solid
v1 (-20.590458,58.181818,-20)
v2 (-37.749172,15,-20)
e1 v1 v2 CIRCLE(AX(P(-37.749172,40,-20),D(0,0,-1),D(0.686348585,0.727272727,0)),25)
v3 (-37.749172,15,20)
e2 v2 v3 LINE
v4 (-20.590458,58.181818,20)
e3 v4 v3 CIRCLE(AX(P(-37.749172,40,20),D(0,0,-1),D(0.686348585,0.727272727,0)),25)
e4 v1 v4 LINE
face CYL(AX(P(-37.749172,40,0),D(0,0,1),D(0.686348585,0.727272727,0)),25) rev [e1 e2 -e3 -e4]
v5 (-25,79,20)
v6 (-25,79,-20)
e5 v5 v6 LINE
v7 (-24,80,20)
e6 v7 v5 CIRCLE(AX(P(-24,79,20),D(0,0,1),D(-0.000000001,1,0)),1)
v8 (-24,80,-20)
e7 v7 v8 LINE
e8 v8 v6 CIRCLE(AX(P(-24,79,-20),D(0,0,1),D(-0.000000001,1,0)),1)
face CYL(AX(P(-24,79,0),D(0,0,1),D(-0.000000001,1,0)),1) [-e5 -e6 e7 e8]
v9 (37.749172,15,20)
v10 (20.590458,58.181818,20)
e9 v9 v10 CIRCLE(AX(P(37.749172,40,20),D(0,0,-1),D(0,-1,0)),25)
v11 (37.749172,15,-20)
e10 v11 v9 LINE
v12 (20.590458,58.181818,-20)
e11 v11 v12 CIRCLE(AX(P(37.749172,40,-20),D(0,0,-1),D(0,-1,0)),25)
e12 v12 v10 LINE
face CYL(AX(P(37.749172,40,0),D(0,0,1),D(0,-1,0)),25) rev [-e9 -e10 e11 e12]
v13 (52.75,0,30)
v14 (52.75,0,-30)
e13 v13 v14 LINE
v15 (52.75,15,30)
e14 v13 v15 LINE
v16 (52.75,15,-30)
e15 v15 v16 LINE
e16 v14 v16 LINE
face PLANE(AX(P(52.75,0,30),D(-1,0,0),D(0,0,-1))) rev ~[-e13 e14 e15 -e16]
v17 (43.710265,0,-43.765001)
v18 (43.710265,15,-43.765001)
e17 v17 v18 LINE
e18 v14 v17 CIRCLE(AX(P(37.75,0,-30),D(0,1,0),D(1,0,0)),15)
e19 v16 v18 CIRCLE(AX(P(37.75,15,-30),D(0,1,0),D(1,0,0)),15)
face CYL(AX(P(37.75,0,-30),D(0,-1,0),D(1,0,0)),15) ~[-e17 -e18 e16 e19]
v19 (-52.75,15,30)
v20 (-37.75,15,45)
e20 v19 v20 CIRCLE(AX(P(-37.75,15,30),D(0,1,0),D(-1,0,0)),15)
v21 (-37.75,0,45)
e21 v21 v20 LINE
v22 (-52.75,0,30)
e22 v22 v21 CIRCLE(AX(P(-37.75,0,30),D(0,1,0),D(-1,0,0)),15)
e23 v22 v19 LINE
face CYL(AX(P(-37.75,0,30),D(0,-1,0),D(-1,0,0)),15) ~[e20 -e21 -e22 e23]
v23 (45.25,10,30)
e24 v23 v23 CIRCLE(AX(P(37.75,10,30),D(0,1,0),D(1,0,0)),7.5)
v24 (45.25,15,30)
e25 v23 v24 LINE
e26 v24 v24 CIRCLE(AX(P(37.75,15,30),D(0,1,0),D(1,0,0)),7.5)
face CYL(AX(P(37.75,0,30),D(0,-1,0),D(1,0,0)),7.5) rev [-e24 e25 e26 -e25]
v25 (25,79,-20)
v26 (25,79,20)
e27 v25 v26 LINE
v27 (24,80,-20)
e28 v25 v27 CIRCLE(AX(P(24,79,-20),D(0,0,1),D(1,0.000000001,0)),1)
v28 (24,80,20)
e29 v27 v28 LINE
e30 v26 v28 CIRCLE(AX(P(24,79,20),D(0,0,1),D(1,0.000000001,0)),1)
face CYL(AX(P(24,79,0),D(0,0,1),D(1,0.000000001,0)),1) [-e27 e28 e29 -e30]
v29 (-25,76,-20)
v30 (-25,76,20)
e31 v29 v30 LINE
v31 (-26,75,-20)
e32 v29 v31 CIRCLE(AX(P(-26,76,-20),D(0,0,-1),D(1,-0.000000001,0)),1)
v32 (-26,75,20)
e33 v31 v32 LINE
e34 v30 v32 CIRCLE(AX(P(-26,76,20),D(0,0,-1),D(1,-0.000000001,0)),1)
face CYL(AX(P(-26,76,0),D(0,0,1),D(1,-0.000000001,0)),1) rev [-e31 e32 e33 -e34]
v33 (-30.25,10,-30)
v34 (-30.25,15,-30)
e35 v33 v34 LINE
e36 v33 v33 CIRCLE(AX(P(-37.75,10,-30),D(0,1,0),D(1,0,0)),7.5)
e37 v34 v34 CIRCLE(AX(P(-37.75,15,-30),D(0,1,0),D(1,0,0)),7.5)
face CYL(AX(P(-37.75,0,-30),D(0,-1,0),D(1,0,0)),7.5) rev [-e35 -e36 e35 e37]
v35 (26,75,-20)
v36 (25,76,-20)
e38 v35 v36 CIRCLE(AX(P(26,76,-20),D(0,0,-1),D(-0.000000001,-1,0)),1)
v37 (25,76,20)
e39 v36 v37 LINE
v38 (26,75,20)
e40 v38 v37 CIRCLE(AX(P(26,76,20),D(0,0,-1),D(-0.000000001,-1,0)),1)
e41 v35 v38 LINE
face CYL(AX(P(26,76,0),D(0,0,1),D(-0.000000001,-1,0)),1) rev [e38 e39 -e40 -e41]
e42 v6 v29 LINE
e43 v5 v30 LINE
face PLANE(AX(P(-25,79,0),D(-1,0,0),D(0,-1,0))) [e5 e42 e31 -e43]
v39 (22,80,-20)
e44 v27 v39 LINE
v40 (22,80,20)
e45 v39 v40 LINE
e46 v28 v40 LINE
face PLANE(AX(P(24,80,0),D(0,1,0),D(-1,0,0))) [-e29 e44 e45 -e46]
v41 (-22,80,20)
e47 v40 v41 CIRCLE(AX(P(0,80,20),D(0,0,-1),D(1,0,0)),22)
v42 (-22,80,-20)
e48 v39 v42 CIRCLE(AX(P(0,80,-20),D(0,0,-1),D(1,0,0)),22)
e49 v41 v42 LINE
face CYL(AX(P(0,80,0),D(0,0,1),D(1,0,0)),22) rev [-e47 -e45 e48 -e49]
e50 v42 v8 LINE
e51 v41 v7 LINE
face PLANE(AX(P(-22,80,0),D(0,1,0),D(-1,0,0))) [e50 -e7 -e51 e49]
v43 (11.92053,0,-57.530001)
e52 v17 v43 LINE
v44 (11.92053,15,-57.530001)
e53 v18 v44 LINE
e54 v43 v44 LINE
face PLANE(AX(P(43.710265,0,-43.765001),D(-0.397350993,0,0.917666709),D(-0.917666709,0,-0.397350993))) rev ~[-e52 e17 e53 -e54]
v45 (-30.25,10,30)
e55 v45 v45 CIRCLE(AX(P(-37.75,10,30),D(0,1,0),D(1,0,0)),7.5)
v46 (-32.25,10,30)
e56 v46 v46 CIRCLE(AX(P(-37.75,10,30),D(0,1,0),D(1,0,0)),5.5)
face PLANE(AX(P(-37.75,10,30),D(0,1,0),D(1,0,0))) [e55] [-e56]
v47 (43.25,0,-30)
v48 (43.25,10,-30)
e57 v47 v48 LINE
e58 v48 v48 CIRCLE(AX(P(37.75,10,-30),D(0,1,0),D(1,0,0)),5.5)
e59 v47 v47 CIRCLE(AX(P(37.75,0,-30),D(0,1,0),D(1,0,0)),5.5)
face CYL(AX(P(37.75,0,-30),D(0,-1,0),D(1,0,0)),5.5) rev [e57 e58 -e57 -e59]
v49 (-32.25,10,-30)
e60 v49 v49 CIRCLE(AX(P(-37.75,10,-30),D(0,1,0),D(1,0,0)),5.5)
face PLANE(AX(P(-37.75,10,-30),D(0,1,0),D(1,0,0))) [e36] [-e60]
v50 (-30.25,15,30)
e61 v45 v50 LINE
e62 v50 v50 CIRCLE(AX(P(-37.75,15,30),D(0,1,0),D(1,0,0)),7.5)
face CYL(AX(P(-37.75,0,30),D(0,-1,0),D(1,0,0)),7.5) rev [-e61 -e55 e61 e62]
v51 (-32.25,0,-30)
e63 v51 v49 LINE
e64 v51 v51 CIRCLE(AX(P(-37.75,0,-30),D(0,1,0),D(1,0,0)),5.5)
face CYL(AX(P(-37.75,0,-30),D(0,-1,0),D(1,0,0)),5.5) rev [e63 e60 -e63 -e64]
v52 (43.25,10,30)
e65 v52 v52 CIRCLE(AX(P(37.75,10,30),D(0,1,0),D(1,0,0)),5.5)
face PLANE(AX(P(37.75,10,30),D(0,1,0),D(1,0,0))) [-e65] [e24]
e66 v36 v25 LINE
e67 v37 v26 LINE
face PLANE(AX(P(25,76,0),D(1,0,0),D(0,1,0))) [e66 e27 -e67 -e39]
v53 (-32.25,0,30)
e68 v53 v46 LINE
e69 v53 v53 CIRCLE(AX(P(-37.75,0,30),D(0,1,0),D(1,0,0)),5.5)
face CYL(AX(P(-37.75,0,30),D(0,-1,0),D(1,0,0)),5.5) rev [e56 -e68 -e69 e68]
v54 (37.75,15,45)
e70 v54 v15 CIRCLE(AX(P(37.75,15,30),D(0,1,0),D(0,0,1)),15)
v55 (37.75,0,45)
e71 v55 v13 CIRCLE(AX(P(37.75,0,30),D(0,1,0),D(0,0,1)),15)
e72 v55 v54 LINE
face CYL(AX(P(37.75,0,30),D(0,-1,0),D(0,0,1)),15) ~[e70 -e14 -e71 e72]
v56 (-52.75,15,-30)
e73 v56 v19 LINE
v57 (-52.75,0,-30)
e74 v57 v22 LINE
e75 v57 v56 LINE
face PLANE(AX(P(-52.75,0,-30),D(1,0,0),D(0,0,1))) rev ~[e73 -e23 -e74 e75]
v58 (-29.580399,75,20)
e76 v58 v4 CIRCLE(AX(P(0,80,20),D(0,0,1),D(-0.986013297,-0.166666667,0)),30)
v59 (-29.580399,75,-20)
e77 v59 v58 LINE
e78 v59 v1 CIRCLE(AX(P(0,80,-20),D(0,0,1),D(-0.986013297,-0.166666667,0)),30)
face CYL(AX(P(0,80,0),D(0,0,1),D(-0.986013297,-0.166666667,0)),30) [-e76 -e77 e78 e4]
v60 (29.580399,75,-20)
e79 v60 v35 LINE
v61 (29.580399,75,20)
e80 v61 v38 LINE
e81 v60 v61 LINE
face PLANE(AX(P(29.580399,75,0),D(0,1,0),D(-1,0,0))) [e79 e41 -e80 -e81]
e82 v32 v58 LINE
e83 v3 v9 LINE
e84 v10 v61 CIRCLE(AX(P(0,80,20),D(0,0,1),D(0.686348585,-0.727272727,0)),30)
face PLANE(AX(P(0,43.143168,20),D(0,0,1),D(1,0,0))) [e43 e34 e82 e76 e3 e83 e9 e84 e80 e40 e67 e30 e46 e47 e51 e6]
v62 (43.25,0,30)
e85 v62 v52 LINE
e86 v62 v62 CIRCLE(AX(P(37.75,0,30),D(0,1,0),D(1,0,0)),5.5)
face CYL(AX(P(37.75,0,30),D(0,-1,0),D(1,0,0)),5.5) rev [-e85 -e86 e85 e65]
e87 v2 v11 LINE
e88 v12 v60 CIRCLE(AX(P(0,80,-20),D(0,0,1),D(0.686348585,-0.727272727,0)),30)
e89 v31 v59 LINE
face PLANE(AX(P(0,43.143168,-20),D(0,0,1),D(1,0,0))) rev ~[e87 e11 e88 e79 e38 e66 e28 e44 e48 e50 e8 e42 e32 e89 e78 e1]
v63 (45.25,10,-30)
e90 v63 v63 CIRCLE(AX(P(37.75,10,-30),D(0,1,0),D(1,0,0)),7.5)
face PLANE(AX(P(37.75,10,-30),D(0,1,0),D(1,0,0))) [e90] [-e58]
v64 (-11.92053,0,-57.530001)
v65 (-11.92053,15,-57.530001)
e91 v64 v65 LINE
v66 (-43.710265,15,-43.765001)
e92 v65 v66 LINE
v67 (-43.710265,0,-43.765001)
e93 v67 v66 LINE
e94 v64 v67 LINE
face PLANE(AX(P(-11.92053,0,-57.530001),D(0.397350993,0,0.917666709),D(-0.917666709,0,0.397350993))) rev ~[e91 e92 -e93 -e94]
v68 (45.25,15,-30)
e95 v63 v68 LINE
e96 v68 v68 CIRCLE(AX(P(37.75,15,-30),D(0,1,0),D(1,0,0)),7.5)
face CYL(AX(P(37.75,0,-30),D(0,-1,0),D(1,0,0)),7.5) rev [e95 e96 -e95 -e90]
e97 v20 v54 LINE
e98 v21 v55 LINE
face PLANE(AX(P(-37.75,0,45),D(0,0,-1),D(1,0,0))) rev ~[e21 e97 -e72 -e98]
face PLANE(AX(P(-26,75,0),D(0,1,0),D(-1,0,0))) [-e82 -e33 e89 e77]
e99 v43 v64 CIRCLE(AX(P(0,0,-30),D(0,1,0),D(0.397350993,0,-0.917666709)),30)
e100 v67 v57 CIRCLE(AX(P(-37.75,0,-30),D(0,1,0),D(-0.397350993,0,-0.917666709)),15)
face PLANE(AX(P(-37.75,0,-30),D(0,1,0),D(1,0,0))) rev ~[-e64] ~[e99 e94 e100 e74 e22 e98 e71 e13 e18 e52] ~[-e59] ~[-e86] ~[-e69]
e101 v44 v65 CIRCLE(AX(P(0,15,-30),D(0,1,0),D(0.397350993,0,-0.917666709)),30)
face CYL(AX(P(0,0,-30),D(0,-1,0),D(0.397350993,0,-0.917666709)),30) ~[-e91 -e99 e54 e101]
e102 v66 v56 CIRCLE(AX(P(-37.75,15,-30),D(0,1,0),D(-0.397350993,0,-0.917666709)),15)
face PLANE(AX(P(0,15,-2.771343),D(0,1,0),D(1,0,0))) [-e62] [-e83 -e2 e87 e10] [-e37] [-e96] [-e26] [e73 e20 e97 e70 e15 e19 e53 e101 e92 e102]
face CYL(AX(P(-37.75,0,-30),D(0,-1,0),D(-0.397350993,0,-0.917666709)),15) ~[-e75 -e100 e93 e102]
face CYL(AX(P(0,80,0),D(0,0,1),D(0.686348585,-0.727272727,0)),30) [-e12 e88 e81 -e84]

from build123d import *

# Parameters (mm, degrees)
BOSS_EXTRUDE1_DEPTH = 15
SKETCH1_5_R         = 7.5
CUT_EXTRUDE2_DEPTH  = 15
SKETCH1_6_R         = 7.5
SKETCH1_6_R_2       = 5.5
BOSS_EXTRUDE2_DEPTH = 10
BOSS_EXTRUDE3_DEPTH = 20


with BuildPart() as part:
    # Sketch1 → Boss-Extrude1 (new body)
    with BuildSketch(Plane(origin=(0, 0, 0), x_dir=(1, 0, 0), z_dir=(0, 1, 0))):
        with BuildLine():
            Line((52.75, -30), (52.75, 30))
            ThreePointArc((52.75, 30), (50.288021644, 38.233954897), (43.710264901, 43.765000629))
            Line((43.710264901, 43.765000629), (11.920529801, 57.530001258))
            ThreePointArc((11.920529801, 57.530001258), (0, 60), (-11.920529801, 57.530001258))
            Line((-11.920529801, 57.530001258), (-43.710264901, 43.765000629))
            ThreePointArc((-43.710264901, 43.765000629), (-50.288021644, 38.233954897), (-52.75, 30))
            Line((-52.75, 30), (-52.75, -30))
            ThreePointArc((-52.75, -30), (-48.356601718, -40.606601718), (-37.75, -45))
            Line((-37.75, -45), (37.75, -45))
            ThreePointArc((37.75, -45), (48.356601718, -40.606601718), (52.75, -30))
        make_face()
    extrude(amount=BOSS_EXTRUDE1_DEPTH)

    # Sketch1<5> → Cut-Extrude2 (cut)
    with BuildSketch(Plane(origin=(0, 0, 0), x_dir=(1, 0, 0), z_dir=(0, 1, 0))):
        with Locations((-37.75, 30)):
            Circle(SKETCH1_5_R)
        with Locations((37.75, 30)):
            Circle(SKETCH1_5_R)
        with Locations((37.75, -30)):
            Circle(SKETCH1_5_R)
        with Locations((-37.75, -30)):
            Circle(SKETCH1_5_R)
    extrude(amount=CUT_EXTRUDE2_DEPTH, mode=Mode.SUBTRACT)

    # Sketch1<6> → Boss-Extrude2 (add)
    # profile 1 of 4: a face of its own
    with BuildSketch(Plane(origin=(0, 0, 0), x_dir=(1, 0, 0), z_dir=(0, 1, 0))):
        with Locations((-37.75, 30)):
            Circle(SKETCH1_6_R)
        with Locations((-37.75, 30)):
            Circle(SKETCH1_6_R_2, mode=Mode.SUBTRACT)
    # profile 2 of 4: a face of its own
    with BuildSketch(Plane(origin=(0, 0, 0), x_dir=(1, 0, 0), z_dir=(0, 1, 0))):
        with Locations((37.75, 30)):
            Circle(SKETCH1_6_R)
        with Locations((37.75, 30)):
            Circle(SKETCH1_6_R_2, mode=Mode.SUBTRACT)
    # profile 3 of 4: a face of its own
    with BuildSketch(Plane(origin=(0, 0, 0), x_dir=(1, 0, 0), z_dir=(0, 1, 0))):
        with Locations((37.75, -30)):
            Circle(SKETCH1_6_R)
        with Locations((37.75, -30)):
            Circle(SKETCH1_6_R_2, mode=Mode.SUBTRACT)
    # profile 4 of 4: a face of its own
    with BuildSketch(Plane(origin=(0, 0, 0), x_dir=(1, 0, 0), z_dir=(0, 1, 0))):
        with Locations((-37.75, -30)):
            Circle(SKETCH1_6_R)
        with Locations((-37.75, -30)):
            Circle(SKETCH1_6_R_2, mode=Mode.SUBTRACT)
    extrude(amount=BOSS_EXTRUDE2_DEPTH)

    # Sketch2 → Boss-Extrude3 (add, symmetric)
    with BuildSketch(Plane.XY):
        with BuildLine():
            Line((-25, 79), (-25, 76))
            ThreePointArc((-25, 76), (-25.292893219, 75.292893219), (-26, 75))
            Line((-26, 75), (-29.580398915, 75))
            ThreePointArc((-29.580398915, 75), (-26.457352845, 65.85756455), (-20.590457551, 58.181818182))
            ThreePointArc((-20.590457551, 58.181818182), (-14.516162744, 30.768138177), (-37.749172176, 15))
            Line((-37.749172176, 15), (37.749172176, 15))
            ThreePointArc((37.749172176, 15), (14.516162744, 30.768138177), (20.590457551, 58.181818182))
            ThreePointArc((20.590457551, 58.181818182), (26.457352845, 65.85756455), (29.580398915, 75))
            Line((29.580398915, 75), (26, 75))
            ThreePointArc((26, 75), (25.292893219, 75.292893219), (25, 76))
            Line((25, 76), (25, 79))
            ThreePointArc((25, 79), (24.707106781, 79.707106781), (24, 80))
            Line((24, 80), (22, 80))
            ThreePointArc((22, 80), (0, 58), (-22, 80))
            Line((-22, 80), (-24, 80))
            ThreePointArc((-24, 80), (-24.707106781, 79.707106781), (-25, 79))
        make_face()
    extrude(amount=BOSS_EXTRUDE3_DEPTH, both=True)


solid = part.part
